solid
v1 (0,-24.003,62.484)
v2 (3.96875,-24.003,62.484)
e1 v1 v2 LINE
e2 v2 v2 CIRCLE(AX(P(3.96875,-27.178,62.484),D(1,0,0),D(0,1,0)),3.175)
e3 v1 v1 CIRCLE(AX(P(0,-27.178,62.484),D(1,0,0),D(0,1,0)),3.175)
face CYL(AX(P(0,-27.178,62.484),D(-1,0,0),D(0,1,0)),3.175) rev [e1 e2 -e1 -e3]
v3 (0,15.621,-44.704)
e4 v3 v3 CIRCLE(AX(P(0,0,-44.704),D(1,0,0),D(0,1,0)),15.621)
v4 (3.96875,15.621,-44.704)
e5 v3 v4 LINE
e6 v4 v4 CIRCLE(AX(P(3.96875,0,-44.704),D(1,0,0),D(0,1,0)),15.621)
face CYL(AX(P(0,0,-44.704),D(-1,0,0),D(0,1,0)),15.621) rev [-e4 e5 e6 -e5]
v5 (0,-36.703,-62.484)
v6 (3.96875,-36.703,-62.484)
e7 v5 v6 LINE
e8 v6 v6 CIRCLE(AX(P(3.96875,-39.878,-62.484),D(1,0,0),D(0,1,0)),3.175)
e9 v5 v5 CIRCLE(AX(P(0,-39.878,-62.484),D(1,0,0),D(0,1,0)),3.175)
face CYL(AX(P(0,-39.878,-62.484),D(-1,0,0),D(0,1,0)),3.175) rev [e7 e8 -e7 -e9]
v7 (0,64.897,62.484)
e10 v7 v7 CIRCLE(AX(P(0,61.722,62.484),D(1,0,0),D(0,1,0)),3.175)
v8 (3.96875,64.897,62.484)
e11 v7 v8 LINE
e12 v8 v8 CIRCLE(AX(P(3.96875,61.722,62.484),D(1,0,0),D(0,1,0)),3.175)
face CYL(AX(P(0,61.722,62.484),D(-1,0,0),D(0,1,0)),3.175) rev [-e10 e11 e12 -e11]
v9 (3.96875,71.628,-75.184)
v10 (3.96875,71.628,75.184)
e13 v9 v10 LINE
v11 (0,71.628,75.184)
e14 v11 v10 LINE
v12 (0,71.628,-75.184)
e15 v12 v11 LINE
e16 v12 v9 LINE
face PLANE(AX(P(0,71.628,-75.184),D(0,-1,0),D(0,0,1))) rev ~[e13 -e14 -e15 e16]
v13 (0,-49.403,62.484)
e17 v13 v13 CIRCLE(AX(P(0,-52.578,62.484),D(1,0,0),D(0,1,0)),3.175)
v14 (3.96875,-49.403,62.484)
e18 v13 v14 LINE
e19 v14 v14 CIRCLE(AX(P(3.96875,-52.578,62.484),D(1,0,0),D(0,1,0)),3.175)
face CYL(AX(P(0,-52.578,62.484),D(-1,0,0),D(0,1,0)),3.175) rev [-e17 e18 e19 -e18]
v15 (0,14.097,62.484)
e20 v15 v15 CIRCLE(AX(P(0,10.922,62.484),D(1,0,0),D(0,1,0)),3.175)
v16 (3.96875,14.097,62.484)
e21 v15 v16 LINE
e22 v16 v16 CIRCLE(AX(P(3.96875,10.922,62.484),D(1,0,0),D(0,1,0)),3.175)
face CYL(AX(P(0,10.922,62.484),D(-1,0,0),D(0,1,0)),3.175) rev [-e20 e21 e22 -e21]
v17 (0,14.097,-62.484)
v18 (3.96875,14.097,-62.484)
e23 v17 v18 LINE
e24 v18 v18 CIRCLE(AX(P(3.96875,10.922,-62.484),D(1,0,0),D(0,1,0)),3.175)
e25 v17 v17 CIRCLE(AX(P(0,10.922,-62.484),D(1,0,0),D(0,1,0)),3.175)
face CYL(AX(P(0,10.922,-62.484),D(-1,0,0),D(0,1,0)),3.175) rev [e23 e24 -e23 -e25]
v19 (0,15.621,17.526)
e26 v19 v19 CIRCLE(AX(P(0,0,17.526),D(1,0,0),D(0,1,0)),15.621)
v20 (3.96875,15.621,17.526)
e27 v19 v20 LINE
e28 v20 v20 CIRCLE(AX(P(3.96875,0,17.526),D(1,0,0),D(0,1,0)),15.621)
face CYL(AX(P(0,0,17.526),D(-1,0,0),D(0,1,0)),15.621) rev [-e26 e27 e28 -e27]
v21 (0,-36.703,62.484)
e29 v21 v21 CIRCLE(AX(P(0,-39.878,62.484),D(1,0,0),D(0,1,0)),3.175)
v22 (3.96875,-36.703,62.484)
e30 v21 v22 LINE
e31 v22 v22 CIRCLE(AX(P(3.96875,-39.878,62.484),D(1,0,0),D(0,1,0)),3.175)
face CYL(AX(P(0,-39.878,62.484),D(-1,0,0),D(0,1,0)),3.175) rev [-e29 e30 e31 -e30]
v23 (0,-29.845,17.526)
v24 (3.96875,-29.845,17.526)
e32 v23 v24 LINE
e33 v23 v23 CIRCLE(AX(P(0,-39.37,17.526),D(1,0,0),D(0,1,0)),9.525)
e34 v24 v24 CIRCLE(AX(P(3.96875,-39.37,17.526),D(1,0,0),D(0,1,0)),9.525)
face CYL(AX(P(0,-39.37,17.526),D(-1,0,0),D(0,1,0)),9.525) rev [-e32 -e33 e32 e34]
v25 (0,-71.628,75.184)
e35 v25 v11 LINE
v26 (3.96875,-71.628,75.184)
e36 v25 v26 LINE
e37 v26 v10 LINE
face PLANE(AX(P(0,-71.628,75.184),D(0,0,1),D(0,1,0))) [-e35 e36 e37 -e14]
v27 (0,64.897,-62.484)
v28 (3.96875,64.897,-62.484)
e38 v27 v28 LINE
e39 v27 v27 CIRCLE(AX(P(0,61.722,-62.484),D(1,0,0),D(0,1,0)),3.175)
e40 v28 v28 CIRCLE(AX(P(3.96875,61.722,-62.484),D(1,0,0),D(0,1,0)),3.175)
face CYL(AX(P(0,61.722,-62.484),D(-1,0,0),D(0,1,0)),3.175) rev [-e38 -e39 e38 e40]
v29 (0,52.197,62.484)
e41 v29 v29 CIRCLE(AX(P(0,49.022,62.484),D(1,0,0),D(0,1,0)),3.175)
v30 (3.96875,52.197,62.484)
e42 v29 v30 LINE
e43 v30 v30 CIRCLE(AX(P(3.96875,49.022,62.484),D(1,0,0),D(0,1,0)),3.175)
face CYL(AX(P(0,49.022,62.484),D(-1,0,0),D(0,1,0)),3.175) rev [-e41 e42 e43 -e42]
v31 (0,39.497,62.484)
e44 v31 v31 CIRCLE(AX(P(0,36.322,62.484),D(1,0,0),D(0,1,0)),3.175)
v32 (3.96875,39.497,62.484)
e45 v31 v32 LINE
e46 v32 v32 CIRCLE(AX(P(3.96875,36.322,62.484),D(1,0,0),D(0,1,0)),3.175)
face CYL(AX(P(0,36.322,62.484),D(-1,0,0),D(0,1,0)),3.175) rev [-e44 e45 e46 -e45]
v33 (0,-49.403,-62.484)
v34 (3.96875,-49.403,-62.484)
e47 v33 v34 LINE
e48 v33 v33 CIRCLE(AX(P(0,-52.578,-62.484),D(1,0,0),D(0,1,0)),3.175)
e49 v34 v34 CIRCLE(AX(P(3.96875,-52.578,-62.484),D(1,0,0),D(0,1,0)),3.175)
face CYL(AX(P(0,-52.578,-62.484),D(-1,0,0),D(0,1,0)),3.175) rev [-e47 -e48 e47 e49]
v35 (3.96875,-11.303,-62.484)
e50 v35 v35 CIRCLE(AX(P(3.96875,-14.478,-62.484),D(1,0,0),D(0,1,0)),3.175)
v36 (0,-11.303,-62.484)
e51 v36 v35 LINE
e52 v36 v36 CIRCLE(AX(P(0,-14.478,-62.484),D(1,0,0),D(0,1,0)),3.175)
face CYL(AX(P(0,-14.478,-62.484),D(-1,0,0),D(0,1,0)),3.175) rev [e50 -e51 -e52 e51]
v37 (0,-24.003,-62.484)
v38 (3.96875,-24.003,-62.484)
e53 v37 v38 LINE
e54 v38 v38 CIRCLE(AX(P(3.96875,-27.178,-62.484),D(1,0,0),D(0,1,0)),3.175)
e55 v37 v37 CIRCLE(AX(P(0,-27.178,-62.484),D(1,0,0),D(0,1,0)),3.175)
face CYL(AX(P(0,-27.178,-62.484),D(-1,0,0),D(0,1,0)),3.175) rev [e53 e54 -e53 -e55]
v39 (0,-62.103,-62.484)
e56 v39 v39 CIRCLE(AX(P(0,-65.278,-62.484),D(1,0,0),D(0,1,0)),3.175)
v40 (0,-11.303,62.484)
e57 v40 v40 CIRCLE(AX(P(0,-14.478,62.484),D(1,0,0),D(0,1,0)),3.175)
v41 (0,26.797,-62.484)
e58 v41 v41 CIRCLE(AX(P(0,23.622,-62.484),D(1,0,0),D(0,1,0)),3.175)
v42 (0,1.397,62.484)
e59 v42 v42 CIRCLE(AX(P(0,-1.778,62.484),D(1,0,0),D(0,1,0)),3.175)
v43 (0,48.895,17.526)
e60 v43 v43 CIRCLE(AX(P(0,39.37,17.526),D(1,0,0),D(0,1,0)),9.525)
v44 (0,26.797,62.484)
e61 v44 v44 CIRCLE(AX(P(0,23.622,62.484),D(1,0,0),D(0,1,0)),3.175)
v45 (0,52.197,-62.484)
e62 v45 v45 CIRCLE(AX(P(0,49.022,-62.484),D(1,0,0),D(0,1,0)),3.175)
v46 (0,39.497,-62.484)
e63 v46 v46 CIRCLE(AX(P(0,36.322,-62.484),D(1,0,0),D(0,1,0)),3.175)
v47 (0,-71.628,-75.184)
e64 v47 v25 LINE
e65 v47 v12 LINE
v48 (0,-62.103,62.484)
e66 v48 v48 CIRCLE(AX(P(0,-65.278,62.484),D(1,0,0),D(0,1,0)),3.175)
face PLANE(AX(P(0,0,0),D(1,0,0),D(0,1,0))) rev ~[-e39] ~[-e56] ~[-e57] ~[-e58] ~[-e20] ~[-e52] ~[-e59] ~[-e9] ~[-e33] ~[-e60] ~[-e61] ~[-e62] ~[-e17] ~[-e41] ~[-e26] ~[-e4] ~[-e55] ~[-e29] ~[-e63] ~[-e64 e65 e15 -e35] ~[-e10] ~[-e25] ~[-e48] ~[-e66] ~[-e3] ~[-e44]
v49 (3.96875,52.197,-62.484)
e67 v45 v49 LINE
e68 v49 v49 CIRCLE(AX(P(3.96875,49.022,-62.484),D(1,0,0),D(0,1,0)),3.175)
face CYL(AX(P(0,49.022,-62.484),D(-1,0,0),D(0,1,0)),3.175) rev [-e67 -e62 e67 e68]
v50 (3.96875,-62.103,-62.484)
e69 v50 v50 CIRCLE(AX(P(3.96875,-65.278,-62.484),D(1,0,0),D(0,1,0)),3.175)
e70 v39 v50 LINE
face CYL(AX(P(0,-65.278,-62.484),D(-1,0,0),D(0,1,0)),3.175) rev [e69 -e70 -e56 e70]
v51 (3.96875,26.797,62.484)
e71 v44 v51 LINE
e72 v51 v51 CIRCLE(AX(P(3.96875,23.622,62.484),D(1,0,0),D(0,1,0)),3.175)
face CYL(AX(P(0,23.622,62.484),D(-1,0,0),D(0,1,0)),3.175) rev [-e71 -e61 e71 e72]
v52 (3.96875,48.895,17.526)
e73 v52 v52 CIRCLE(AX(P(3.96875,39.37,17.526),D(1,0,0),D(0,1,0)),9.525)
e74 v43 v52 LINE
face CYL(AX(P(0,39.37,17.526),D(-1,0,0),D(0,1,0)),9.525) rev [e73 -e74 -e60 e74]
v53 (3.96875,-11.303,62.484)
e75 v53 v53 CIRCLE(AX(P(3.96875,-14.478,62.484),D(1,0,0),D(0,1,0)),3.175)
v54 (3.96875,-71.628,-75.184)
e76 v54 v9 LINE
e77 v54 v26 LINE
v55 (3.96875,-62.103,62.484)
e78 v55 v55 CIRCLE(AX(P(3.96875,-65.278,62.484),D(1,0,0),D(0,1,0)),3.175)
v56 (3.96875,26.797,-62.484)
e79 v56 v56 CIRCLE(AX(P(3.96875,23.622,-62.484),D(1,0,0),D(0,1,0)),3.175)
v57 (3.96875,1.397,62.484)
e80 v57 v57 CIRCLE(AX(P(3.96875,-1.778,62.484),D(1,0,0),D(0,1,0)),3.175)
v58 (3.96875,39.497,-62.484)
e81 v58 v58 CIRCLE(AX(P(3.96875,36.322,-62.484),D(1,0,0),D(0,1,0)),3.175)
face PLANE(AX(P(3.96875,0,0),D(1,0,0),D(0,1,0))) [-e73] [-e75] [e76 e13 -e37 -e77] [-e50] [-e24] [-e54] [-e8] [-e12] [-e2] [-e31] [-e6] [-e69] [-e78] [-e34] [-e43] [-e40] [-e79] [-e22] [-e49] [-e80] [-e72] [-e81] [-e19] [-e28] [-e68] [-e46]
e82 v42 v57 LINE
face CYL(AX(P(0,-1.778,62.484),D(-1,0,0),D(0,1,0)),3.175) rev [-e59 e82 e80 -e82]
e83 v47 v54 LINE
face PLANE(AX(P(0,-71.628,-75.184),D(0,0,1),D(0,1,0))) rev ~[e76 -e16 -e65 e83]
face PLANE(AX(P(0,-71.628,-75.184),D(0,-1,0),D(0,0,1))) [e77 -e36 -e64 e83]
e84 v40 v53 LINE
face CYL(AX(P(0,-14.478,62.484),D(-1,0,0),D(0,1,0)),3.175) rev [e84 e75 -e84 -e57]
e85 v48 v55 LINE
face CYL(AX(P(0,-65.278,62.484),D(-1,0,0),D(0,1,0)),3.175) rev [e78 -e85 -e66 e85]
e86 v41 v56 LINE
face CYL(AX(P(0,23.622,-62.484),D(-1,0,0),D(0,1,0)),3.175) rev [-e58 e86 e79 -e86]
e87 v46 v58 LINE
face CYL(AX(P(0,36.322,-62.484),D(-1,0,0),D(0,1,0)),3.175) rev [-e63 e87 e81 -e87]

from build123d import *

# Parameters (mm, degrees)
F0_W     = 143.256
F0_H     = 150.368
F0_R     = 3.175
F0_R_2   = 15.621
F0_R_3   = 9.525
F1_DEPTH = 3.96875


with BuildPart() as f1:
    # F0 (on Right) → F1 (new body)
    with BuildSketch(Plane.YZ):
        Rectangle(F0_W, F0_H)
        with Locations((-65.278, -62.484)):
            Circle(F0_R, mode=Mode.SUBTRACT)
        with Locations((-52.578, -62.484)):
            Circle(F0_R, mode=Mode.SUBTRACT)
        with Locations((-39.878, -62.484)):
            Circle(F0_R, mode=Mode.SUBTRACT)
        with Locations((-27.178, -62.484)):
            Circle(F0_R, mode=Mode.SUBTRACT)
        with Locations((-14.478, -62.484)):
            Circle(F0_R, mode=Mode.SUBTRACT)
        with Locations((0, -44.704)):
            Circle(F0_R_2, mode=Mode.SUBTRACT)
        with Locations((10.922, -62.484)):
            Circle(F0_R, mode=Mode.SUBTRACT)
        with Locations((23.622, -62.484)):
            Circle(F0_R, mode=Mode.SUBTRACT)
        with Locations((36.322, -62.484)):
            Circle(F0_R, mode=Mode.SUBTRACT)
        with Locations((49.022, -62.484)):
            Circle(F0_R, mode=Mode.SUBTRACT)
        with Locations((61.722, -62.484)):
            Circle(F0_R, mode=Mode.SUBTRACT)
        with Locations((-39.37, 17.526)):
            Circle(F0_R_3, mode=Mode.SUBTRACT)
        with Locations((0, 17.526)):
            Circle(F0_R_2, mode=Mode.SUBTRACT)
        with Locations((-65.278, 62.484)):
            Circle(F0_R, mode=Mode.SUBTRACT)
        with Locations((-52.578, 62.484)):
            Circle(F0_R, mode=Mode.SUBTRACT)
        with Locations((-39.878, 62.484)):
            Circle(F0_R, mode=Mode.SUBTRACT)
        with Locations((-27.178, 62.484)):
            Circle(F0_R, mode=Mode.SUBTRACT)
        with Locations((-14.478, 62.484)):
            Circle(F0_R, mode=Mode.SUBTRACT)
        with Locations((-1.778, 62.484)):
            Circle(F0_R, mode=Mode.SUBTRACT)
        with Locations((39.37, 17.526)):
            Circle(F0_R_3, mode=Mode.SUBTRACT)
        with Locations((10.922, 62.484)):
            Circle(F0_R, mode=Mode.SUBTRACT)
        with Locations((23.622, 62.484)):
            Circle(F0_R, mode=Mode.SUBTRACT)
        with Locations((36.322, 62.484)):
            Circle(F0_R, mode=Mode.SUBTRACT)
        with Locations((49.022, 62.484)):
            Circle(F0_R, mode=Mode.SUBTRACT)
        with Locations((61.722, 62.484)):
            Circle(F0_R, mode=Mode.SUBTRACT)
    extrude(amount=F1_DEPTH)


solid = f1.part
